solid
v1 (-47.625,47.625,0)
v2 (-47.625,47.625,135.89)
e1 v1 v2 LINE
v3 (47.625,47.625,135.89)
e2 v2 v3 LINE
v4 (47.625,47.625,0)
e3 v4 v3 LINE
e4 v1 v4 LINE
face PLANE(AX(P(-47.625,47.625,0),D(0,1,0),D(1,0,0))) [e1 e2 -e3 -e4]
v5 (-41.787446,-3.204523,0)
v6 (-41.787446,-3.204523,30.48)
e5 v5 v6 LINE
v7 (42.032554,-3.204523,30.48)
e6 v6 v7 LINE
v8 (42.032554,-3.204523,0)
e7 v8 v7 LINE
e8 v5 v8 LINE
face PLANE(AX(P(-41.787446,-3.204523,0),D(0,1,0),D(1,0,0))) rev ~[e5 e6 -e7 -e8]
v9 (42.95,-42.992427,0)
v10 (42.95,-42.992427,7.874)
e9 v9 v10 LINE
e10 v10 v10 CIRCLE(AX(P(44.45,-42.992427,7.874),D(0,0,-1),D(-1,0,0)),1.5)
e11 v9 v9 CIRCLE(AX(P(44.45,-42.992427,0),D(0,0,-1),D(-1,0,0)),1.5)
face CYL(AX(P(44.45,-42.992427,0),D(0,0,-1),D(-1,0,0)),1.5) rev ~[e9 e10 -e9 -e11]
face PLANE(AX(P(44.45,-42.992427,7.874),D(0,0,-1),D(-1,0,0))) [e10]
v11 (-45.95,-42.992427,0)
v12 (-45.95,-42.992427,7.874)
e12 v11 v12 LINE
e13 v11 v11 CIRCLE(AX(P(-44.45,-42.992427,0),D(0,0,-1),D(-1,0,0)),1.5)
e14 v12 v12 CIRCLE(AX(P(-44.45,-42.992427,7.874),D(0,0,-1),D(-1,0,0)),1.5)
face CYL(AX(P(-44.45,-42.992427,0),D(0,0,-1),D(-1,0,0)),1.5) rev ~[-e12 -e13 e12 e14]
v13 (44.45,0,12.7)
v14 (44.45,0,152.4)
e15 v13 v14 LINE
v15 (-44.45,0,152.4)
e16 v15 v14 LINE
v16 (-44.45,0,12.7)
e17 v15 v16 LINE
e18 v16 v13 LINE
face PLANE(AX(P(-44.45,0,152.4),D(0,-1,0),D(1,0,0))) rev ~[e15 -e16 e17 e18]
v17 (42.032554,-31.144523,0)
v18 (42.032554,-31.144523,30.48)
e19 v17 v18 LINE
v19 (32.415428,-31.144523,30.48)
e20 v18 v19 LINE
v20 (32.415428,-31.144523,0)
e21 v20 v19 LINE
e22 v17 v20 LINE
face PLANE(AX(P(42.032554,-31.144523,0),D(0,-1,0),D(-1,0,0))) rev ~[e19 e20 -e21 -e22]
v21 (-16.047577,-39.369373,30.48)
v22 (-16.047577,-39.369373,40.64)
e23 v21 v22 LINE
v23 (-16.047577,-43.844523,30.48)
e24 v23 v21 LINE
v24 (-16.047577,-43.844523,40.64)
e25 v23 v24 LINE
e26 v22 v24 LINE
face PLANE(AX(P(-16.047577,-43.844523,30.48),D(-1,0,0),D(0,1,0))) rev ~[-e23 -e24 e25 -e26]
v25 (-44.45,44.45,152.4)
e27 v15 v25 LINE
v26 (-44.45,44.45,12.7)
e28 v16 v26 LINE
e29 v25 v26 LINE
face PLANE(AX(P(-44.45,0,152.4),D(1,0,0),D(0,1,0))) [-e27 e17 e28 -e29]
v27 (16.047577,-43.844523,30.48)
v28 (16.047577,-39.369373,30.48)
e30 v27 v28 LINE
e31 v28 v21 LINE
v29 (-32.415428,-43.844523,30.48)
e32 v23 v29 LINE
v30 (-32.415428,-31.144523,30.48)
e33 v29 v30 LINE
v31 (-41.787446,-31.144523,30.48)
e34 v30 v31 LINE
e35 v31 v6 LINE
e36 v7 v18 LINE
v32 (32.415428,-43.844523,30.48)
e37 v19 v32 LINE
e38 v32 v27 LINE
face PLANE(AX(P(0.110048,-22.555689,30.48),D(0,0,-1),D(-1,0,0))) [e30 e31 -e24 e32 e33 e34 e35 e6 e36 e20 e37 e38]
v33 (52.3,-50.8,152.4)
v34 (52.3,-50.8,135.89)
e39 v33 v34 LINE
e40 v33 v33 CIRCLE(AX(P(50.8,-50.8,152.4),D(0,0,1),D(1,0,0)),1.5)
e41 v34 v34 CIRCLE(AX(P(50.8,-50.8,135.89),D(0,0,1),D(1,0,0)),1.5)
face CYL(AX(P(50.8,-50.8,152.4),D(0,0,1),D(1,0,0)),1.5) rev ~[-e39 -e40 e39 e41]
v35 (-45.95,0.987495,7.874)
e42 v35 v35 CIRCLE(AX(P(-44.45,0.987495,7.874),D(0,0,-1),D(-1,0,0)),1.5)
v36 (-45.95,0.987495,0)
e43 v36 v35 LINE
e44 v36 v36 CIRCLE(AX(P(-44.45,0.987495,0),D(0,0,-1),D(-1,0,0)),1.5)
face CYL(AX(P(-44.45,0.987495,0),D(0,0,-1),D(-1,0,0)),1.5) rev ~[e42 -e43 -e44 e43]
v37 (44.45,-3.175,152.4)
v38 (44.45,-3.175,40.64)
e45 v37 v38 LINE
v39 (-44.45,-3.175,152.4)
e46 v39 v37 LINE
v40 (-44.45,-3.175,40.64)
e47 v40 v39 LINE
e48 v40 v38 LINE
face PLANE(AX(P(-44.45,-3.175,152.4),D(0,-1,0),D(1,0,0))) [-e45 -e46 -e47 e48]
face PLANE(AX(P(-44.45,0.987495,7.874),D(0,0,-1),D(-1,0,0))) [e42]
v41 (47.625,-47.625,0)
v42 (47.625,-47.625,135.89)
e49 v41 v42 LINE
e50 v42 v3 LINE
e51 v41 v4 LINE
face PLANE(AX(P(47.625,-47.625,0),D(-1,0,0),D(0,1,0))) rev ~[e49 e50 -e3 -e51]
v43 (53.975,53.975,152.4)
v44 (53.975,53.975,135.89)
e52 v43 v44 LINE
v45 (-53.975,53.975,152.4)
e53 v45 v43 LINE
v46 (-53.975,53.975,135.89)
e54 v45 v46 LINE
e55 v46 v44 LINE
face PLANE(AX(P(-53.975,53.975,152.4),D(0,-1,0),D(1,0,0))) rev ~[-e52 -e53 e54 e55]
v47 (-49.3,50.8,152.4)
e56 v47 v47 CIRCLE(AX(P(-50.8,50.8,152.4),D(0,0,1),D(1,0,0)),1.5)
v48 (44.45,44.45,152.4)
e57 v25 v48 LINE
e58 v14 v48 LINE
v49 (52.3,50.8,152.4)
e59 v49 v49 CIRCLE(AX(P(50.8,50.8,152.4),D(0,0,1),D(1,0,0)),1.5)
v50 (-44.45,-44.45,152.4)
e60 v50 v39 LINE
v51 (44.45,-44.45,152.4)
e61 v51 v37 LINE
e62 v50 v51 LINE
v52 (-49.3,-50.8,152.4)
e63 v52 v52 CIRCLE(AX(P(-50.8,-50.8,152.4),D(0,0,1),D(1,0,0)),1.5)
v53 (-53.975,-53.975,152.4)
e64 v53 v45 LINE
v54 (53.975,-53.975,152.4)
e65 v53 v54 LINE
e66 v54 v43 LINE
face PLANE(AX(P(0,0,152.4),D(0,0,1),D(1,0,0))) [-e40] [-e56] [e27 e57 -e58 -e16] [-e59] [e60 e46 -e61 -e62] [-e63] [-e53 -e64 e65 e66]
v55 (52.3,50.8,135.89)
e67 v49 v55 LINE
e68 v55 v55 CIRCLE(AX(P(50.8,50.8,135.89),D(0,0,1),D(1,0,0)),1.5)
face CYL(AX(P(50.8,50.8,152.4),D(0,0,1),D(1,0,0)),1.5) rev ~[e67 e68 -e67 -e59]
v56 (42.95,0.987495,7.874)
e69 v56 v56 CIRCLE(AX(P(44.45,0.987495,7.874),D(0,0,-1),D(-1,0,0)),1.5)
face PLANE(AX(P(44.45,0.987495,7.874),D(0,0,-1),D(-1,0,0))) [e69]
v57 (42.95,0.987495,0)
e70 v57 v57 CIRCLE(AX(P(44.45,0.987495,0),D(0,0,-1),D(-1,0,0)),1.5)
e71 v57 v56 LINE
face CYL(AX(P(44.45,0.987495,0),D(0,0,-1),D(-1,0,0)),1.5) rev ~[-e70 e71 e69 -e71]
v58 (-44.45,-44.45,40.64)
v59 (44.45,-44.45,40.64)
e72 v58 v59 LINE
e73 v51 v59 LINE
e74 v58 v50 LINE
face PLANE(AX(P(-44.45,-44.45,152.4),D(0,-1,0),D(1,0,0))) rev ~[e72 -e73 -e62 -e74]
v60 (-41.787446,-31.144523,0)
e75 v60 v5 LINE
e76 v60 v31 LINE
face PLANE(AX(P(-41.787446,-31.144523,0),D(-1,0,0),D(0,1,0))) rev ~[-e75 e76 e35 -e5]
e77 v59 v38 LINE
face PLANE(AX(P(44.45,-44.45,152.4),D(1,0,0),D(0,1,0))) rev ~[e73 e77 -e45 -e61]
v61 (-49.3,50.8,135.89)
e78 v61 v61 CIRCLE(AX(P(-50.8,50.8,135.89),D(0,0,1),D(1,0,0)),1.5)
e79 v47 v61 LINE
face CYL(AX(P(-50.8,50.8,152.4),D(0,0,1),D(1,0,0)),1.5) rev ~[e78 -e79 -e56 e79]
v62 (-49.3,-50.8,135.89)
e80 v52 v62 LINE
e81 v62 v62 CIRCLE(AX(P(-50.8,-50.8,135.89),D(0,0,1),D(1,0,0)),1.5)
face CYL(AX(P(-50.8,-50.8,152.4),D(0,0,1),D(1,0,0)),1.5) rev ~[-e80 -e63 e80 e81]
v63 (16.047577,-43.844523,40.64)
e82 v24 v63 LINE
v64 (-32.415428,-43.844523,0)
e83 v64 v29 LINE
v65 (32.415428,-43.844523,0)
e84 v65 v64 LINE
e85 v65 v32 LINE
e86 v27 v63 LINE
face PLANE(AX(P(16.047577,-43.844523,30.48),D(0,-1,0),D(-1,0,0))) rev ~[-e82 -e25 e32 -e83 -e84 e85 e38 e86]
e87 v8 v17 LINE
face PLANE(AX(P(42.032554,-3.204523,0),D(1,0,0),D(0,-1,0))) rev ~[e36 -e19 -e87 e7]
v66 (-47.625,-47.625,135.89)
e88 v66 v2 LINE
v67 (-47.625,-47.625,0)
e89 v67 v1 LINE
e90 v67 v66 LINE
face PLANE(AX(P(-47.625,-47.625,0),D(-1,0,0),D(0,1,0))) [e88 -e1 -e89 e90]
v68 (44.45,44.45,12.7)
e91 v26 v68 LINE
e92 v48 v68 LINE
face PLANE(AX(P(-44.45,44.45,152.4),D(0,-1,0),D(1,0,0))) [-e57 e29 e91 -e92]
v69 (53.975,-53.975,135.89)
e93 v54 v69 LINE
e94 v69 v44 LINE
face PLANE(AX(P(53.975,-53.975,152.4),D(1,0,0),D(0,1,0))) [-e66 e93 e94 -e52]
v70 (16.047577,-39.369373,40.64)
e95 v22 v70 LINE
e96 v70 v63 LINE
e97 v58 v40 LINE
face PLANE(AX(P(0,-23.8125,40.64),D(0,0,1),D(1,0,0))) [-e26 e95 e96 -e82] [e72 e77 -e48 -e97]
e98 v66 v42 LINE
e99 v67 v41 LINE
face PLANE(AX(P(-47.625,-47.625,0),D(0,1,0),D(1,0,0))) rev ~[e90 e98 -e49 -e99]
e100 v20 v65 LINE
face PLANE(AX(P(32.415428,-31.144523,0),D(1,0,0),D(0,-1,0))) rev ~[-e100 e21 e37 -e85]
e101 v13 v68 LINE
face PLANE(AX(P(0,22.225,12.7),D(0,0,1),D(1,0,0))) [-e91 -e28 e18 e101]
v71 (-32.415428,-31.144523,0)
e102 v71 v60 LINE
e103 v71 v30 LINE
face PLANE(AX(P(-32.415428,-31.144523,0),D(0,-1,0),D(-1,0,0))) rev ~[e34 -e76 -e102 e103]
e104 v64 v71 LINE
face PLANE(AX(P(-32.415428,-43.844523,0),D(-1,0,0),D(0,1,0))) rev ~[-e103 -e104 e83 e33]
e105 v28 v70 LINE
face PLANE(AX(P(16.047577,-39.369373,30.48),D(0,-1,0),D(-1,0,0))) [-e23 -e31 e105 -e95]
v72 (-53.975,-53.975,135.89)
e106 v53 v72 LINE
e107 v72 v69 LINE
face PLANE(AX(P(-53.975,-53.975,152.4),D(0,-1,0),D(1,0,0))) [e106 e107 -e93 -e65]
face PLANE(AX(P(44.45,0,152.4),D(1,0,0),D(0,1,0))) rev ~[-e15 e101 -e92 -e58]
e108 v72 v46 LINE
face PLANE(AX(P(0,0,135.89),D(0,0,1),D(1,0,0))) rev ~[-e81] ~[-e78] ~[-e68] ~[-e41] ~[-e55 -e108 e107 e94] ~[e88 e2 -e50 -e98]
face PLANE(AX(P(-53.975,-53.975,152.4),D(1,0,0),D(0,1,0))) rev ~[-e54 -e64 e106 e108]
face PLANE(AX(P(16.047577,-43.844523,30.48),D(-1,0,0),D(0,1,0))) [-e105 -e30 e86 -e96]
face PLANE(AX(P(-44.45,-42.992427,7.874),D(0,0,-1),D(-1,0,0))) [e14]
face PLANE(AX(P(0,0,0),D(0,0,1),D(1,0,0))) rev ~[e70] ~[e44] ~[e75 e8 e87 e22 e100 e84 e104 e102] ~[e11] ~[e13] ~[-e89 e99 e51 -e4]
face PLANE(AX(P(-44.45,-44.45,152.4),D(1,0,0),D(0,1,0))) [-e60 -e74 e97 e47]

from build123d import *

# Parameters (mm, degrees)
SKETCH1_W           = 95.25
SKETCH1_H           = 95.25
BOSS_EXTRUDE1_DEPTH = 152.4
SKETCH2_W           = 88.9
SKETCH2_H           = 44.45
CUT_EXTRUDE1_DEPTH  = 139.7
SKETCH2_3_W         = 88.9
SKETCH2_3_H         = 41.275
CUT_EXTRUDE2_DEPTH  = 111.76
SKETCH5_W           = 107.95
SKETCH5_H           = 107.95
SKETCH5_W_2         = 88.9
SKETCH5_H_2         = 88.9
BOSS_EXTRUDE2_DEPTH = 16.51
SKETCH6_R           = 1.5
CUT_EXTRUDE5_DEPTH  = 16.51
SKETCH7_R           = 1.5
CUT_EXTRUDE6_DEPTH  = 7.874
CUT_EXTRUDE7_DEPTH  = 30.48
SKETCH8_W           = 32.09515361
SKETCH8_H           = 4.475150354
CUT_EXTRUDE8_DEPTH  = 30.48


with BuildPart() as part:
    # Sketch1 → Boss-Extrude1 (new body)
    with BuildSketch(Plane.XY):
        Rectangle(SKETCH1_W, SKETCH1_H)
    extrude(amount=BOSS_EXTRUDE1_DEPTH)

    # Sketch2 → Cut-Extrude1 (cut)
    with BuildSketch(Plane.XY.offset(152.4)):
        with Locations((0, 22.225)):
            Rectangle(SKETCH2_W, SKETCH2_H)
    extrude(amount=-CUT_EXTRUDE1_DEPTH, mode=Mode.SUBTRACT)

    # Sketch2<3> → Cut-Extrude2 (cut)
    with BuildSketch(Plane.XY.offset(152.4)):
        with Locations((0, -23.8125)):
            Rectangle(SKETCH2_3_W, SKETCH2_3_H)
    extrude(amount=-CUT_EXTRUDE2_DEPTH, mode=Mode.SUBTRACT)

    # Sketch5 → Boss-Extrude2 (add)
    with BuildSketch(Plane.XY.offset(152.4)):
        Rectangle(SKETCH5_W, SKETCH5_H)
        Rectangle(SKETCH5_W_2, SKETCH5_H_2, mode=Mode.SUBTRACT)
    extrude(amount=-BOSS_EXTRUDE2_DEPTH)

    # Sketch6 → Cut-Extrude5 (cut)
    with BuildSketch(Plane.XY.offset(152.4)):
        with Locations((-50.8, 50.8)):
            Circle(SKETCH6_R)
        with Locations((50.8, 50.8)):
            Circle(SKETCH6_R)
        with Locations((-50.8, -50.8)):
            Circle(SKETCH6_R)
        with Locations((50.8, -50.8)):
            Circle(SKETCH6_R)
    extrude(amount=-CUT_EXTRUDE5_DEPTH, mode=Mode.SUBTRACT)

    # Sketch7 → Cut-Extrude6 (cut)
    with BuildSketch(Plane(origin=(0, 0, 0), x_dir=(-1, 0, 0), z_dir=(0, 0, -1))):
        with Locations((-44.45, 0.987495031)):
            Circle(SKETCH7_R)
        with Locations((44.45, 0.987495031)):
            Circle(SKETCH7_R)
        with Locations((44.45, -42.992427459)):
            Circle(SKETCH7_R)
        with Locations((-44.45, -42.992427459)):
            Circle(SKETCH7_R)
    extrude(amount=-CUT_EXTRUDE6_DEPTH, mode=Mode.SUBTRACT)

    # Sketch3 → Cut-Extrude7 (cut)
    with BuildSketch(Plane(origin=(0, 0, 0), x_dir=(-1, 0, 0), z_dir=(0, 0, -1))):
        Polygon((41.787446397, -3.204523257), (-42.032553603, -3.204523257), (-42.032553603, -31.144523257), (-32.415427886, -31.144523257), (-32.415427886, -43.844523257), (32.415427886, -43.844523257), (32.415427886, -31.144523257), (41.787446397, -31.144523257), align=None)
    extrude(amount=-CUT_EXTRUDE7_DEPTH, mode=Mode.SUBTRACT)

    # Sketch8 → Cut-Extrude8 (cut)
    with BuildSketch(Plane(origin=(0, 0, 30.48), x_dir=(-1, 0, 0), z_dir=(0, 0, -1))):
        with Locations((0, -41.60694808)):
            Rectangle(SKETCH8_W, SKETCH8_H)
    extrude(amount=-CUT_EXTRUDE8_DEPTH, mode=Mode.SUBTRACT)


solid = part.part
